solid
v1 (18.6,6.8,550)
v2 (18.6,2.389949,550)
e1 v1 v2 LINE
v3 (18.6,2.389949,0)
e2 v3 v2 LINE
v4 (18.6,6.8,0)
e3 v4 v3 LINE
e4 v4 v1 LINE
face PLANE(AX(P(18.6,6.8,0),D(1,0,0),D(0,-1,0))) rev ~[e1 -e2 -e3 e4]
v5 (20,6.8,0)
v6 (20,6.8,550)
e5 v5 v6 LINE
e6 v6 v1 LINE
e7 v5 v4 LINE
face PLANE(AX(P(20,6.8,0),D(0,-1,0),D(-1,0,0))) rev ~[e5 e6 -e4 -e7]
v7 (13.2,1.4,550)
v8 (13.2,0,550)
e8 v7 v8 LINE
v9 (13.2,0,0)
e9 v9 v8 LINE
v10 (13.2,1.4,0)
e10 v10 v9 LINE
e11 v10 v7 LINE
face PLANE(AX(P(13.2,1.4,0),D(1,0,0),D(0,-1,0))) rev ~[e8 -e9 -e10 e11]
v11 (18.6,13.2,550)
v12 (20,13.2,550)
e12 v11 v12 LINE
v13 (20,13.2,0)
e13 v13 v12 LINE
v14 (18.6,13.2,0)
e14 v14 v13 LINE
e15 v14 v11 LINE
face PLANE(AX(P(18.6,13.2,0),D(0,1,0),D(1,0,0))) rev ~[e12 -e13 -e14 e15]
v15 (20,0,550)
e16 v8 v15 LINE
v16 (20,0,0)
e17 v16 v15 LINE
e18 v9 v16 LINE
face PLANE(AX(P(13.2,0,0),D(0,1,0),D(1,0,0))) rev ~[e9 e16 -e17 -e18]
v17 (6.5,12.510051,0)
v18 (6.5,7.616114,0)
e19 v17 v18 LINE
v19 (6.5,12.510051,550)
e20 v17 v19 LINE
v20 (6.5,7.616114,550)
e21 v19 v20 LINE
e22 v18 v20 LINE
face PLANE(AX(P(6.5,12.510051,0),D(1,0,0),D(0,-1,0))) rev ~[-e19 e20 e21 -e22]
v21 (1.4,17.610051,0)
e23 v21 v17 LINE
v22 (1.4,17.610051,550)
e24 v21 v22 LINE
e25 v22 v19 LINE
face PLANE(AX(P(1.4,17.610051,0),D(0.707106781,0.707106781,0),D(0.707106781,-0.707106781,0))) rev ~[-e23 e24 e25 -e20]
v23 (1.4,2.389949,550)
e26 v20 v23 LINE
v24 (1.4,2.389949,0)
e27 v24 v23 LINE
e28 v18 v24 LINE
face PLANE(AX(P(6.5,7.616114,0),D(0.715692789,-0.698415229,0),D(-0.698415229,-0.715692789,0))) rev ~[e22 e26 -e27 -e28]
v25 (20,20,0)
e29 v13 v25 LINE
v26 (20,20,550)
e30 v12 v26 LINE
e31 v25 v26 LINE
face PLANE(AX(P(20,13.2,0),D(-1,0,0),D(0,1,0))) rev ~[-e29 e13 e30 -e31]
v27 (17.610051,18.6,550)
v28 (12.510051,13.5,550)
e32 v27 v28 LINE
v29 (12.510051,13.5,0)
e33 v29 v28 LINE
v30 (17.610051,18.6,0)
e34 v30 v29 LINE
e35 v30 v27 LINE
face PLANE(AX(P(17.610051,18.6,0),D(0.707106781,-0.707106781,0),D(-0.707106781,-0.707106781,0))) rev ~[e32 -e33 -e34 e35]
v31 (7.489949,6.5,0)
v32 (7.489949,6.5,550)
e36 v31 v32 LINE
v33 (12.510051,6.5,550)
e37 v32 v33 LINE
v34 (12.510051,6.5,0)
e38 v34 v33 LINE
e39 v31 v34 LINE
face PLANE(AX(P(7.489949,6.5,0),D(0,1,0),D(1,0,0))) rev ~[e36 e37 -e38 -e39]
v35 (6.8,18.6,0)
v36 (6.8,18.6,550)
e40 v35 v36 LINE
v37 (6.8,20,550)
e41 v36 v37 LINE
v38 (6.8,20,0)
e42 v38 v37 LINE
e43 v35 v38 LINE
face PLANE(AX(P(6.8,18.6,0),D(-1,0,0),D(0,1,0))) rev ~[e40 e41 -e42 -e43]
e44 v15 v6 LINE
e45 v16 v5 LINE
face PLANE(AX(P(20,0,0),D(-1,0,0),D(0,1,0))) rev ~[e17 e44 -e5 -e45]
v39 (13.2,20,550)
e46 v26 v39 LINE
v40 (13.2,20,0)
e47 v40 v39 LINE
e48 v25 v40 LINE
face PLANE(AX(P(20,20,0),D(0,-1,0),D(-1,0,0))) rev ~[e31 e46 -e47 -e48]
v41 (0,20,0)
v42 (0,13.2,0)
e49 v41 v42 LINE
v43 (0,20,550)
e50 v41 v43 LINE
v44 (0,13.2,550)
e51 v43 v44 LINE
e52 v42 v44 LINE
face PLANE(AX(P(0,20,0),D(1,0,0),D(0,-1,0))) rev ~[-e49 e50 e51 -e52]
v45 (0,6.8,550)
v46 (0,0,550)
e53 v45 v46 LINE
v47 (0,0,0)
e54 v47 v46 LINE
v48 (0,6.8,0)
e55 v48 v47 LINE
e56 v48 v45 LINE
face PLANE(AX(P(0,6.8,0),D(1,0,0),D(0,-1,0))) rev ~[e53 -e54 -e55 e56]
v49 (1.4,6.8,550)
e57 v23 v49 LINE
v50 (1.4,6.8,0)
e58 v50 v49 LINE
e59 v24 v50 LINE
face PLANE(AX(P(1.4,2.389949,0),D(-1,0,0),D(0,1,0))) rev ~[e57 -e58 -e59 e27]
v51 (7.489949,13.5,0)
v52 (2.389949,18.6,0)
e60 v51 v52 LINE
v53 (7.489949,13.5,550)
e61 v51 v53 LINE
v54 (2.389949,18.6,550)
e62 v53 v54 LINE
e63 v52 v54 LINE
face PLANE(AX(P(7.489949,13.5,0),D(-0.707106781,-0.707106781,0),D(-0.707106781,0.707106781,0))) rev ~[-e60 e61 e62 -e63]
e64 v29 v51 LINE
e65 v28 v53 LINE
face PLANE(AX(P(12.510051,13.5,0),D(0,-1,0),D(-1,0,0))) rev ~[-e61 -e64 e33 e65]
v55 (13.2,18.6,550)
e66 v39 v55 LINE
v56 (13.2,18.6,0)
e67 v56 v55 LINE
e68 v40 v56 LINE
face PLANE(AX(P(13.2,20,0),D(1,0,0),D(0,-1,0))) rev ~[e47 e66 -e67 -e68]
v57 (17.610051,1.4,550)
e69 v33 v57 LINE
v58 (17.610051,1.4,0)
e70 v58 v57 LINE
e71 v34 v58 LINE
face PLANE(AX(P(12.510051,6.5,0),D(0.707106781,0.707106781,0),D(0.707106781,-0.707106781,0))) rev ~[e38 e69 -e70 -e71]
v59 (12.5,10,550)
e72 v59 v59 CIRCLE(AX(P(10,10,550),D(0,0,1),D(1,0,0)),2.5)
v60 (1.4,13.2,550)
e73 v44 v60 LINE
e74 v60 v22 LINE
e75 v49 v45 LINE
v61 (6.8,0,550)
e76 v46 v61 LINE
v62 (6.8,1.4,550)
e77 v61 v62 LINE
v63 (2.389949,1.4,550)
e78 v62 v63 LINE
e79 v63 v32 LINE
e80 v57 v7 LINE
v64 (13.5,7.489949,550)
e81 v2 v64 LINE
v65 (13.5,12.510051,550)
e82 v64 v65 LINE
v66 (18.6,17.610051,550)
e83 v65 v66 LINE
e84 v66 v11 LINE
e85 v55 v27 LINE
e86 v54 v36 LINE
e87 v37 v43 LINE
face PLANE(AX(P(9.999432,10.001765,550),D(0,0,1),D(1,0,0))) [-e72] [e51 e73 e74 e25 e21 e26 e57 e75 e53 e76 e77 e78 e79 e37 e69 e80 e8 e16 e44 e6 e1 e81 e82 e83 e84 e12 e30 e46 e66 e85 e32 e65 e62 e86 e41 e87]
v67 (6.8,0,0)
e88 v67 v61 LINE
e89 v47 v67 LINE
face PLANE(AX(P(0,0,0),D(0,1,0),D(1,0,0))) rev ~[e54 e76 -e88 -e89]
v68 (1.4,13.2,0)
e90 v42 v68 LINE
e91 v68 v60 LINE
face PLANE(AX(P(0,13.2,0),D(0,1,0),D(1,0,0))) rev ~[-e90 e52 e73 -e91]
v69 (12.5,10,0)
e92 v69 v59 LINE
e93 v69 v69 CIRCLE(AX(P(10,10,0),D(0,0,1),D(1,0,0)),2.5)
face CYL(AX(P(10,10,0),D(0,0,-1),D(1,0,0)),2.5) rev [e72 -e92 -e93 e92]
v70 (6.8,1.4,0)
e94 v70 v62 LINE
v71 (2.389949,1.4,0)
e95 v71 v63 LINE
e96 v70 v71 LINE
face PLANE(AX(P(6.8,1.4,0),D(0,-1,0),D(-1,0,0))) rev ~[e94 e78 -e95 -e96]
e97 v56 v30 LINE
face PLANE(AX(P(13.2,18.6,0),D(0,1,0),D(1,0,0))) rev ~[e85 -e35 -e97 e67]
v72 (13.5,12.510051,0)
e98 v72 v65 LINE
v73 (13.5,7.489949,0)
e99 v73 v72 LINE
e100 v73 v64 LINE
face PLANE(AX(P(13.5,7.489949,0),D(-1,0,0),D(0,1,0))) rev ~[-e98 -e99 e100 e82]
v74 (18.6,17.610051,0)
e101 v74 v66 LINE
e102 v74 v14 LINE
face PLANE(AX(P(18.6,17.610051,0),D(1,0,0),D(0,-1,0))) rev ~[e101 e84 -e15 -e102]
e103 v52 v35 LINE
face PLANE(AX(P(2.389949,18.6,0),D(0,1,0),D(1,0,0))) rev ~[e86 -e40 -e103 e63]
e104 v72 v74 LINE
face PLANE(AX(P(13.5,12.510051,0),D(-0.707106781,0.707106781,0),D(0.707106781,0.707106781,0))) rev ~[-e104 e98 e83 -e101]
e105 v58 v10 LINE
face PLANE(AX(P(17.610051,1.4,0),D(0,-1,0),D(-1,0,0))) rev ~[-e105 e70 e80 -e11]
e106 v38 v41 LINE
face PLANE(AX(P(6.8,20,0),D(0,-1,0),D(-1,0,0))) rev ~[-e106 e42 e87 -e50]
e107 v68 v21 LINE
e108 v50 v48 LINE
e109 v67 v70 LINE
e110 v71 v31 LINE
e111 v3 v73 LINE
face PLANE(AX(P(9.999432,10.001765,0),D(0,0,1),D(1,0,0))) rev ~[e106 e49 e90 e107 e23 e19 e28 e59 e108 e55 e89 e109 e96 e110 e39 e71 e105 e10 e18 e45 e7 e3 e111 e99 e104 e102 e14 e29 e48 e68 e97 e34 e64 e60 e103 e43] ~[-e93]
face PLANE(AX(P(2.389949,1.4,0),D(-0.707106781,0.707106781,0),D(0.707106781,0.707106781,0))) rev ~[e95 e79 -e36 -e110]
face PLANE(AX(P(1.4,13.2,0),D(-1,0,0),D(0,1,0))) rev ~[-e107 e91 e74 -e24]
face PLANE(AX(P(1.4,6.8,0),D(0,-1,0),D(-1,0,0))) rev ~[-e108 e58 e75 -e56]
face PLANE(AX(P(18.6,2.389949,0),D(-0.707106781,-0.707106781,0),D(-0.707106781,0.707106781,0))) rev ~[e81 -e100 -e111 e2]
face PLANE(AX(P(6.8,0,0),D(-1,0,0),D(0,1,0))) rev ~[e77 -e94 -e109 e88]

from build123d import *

# Parameters (mm, degrees)
F0_R     = 2.5
F1_DEPTH = 550


with BuildPart() as f1:
    # F0 (on Top) → F1 (new body)
    with BuildSketch(Plane.XY):
        Polygon((6.5, 7.616114), (1.4, 2.389949), (1.4, 6.8), (0, 6.8), (0, 0), (6.8, 0), (6.8, 1.4), (2.389949, 1.4), (7.489949, 6.5), (12.510051, 6.5), (17.610051, 1.4), (13.2, 1.4), (13.2, 0), (20, 0), (20, 6.8), (18.6, 6.8), (18.6, 2.389949), (13.5, 7.489949), (13.5, 12.510051), (18.6, 17.610051), (18.6, 13.2), (20, 13.2), (20, 20), (13.2, 20), (13.2, 18.6), (17.610051, 18.6), (12.510051, 13.5), (7.489949, 13.5), (2.389949, 18.6), (6.8, 18.6), (6.8, 20), (0, 20), (0, 13.2), (1.4, 13.2), (1.4, 17.610051), (6.5, 12.510051), align=None)
        with Locations((10, 10)):
            Circle(F0_R, mode=Mode.SUBTRACT)
    extrude(amount=F1_DEPTH)


solid = f1.part
